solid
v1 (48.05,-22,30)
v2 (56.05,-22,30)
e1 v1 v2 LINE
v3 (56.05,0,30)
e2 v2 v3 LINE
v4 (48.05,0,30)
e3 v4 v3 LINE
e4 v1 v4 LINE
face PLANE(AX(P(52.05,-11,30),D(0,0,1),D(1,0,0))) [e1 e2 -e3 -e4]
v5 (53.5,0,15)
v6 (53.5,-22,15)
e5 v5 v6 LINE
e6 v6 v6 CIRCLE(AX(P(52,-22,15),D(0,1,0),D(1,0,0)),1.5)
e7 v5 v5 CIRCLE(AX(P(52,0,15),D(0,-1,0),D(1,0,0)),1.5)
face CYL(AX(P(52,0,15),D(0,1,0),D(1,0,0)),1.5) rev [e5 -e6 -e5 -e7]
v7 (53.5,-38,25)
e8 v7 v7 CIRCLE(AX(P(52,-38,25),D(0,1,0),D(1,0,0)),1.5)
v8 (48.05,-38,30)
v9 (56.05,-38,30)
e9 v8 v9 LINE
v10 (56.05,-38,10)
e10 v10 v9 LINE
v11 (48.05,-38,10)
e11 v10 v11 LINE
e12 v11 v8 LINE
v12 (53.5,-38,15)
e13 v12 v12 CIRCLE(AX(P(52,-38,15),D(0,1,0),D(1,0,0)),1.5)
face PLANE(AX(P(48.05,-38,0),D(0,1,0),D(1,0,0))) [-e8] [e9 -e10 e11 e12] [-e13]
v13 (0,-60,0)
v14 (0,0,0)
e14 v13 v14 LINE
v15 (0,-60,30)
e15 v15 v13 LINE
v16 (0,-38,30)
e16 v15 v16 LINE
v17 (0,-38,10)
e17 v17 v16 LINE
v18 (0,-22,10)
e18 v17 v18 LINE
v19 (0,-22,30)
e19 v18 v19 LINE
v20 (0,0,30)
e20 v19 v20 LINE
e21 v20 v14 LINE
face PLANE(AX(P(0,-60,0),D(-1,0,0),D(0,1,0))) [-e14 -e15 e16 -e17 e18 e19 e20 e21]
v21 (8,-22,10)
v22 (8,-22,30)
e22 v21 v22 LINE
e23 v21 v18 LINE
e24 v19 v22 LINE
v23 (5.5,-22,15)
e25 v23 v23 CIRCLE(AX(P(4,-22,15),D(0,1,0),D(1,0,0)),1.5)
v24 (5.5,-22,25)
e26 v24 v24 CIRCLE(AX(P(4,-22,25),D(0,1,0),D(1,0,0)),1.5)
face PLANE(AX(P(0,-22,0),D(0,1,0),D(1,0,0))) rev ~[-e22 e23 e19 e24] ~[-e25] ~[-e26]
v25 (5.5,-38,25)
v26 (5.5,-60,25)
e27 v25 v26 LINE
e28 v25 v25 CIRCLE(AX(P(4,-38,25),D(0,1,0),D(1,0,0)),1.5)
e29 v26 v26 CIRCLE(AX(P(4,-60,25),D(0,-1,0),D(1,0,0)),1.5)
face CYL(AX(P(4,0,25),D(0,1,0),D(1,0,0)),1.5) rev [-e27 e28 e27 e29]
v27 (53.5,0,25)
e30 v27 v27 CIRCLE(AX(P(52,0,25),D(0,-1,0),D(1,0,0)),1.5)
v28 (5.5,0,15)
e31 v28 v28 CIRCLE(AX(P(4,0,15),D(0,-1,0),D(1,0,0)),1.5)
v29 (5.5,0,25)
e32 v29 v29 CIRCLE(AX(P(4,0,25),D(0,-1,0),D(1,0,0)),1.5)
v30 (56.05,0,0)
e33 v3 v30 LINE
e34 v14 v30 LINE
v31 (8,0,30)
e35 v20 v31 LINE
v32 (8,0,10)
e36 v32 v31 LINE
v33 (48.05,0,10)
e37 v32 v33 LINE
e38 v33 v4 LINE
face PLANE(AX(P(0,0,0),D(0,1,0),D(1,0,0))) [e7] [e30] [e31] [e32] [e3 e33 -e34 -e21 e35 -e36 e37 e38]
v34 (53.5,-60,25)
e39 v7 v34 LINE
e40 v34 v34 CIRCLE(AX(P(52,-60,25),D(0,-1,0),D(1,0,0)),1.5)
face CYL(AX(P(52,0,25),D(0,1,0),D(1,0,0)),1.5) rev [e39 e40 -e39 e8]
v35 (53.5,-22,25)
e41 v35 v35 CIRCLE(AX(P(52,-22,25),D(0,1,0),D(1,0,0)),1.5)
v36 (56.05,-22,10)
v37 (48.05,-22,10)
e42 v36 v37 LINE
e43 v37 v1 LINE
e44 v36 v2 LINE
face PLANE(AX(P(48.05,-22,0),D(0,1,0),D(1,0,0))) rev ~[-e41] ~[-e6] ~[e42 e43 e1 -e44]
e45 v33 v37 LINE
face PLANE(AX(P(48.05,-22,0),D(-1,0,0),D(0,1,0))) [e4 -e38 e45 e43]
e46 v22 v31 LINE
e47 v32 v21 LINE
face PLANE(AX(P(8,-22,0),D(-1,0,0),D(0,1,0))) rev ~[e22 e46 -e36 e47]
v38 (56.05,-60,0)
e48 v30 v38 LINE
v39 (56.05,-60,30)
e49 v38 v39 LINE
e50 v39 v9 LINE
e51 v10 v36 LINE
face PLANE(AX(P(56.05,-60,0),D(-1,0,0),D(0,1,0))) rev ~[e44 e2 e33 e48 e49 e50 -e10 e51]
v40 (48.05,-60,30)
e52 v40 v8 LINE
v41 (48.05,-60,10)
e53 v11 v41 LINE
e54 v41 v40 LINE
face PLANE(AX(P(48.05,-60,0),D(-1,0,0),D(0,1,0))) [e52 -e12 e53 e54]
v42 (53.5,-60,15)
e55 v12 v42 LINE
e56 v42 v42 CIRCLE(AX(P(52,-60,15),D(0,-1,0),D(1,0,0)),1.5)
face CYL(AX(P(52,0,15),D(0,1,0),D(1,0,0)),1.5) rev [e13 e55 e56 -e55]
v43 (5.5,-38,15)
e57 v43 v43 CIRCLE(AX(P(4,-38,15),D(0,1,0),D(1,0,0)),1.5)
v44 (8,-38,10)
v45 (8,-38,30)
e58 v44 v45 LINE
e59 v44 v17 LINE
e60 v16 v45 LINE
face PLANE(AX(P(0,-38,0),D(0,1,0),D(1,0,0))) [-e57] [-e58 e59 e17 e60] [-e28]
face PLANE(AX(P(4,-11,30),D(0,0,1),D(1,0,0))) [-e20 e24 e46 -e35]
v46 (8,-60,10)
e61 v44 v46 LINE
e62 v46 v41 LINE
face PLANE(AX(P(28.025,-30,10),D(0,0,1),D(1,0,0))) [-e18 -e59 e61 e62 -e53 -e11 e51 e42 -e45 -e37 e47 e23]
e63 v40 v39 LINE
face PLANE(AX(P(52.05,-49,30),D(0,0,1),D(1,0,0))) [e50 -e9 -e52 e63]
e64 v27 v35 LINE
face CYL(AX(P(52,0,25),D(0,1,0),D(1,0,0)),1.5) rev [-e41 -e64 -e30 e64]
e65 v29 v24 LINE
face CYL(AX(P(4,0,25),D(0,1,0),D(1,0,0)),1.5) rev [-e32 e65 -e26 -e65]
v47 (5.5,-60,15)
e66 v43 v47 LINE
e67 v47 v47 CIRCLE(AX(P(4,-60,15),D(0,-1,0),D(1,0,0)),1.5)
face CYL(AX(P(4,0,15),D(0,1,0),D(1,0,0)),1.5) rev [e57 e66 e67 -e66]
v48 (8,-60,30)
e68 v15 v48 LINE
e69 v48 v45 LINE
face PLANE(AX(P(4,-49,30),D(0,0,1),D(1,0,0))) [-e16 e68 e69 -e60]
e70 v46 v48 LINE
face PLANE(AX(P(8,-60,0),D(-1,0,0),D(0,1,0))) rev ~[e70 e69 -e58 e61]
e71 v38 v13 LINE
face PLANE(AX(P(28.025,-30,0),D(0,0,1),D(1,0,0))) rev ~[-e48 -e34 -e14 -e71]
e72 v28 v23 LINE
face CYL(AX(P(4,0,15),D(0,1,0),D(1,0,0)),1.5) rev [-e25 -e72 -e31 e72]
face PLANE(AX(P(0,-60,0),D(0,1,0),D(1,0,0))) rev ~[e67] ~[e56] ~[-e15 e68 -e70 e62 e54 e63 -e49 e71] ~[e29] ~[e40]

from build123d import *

# Parameters (mm, degrees)
CYLINDER003_R     = 1.5
CYLINDER003_DEPTH = 60
CYLINDER002_R     = 1.5
CYLINDER002_DEPTH = 60
CYLINDER001_R     = 1.5
CYLINDER001_DEPTH = 60
CYLINDER_R        = 1.5
CYLINDER_DEPTH    = 60
SKETCH_W          = 56.05
SKETCH_H          = 60
PAD_DEPTH         = 10
SKETCH003_W       = 8
SKETCH003_H       = 22
PAD002_DEPTH      = 30
SKETCH004_W       = 8
SKETCH004_H       = 22
PAD003_DEPTH      = 30
SKETCH005_W       = 8
SKETCH005_H       = 22
PAD004_DEPTH      = 30
SKETCH006_W       = 8
SKETCH006_H       = 22
PAD005_DEPTH      = 30


with BuildPart() as cylinder003:
    # Cylinder003 → Cylinder003 (new body)
    with BuildSketch(Plane(origin=(52, 0, 15), x_dir=(1, 0, 0), z_dir=(0, -1, 0))):
        Circle(CYLINDER003_R)
    extrude(amount=CYLINDER003_DEPTH)


with BuildPart() as cylinder002:
    # Cylinder002 → Cylinder002 (new body)
    with BuildSketch(Plane(origin=(52, 0, 25), x_dir=(1, 0, 0), z_dir=(0, -1, 0))):
        Circle(CYLINDER002_R)
    extrude(amount=CYLINDER002_DEPTH)


with BuildPart() as cylinder001:
    # Cylinder001 → Cylinder001 (new body)
    with BuildSketch(Plane(origin=(4, 0, 15), x_dir=(1, 0, 0), z_dir=(0, -1, 0))):
        Circle(CYLINDER001_R)
    extrude(amount=CYLINDER001_DEPTH)


with BuildPart() as cylinder:
    # Cylinder → Cylinder (new body)
    with BuildSketch(Plane(origin=(4, 0, 25), x_dir=(1, 0, 0), z_dir=(0, -1, 0))):
        Circle(CYLINDER_R)
    extrude(amount=CYLINDER_DEPTH)


with BuildPart() as cut003:
    # Sketch → Pad (new body)
    with BuildSketch(Plane.XY):
        with Locations((28.025, -30)):
            Rectangle(SKETCH_W, SKETCH_H)
    extrude(amount=PAD_DEPTH)

    # Sketch003 → Pad002 (join)
    with BuildSketch(Plane.XY):
        with Locations((4, -11)):
            Rectangle(SKETCH003_W, SKETCH003_H)
    extrude(amount=PAD002_DEPTH)

    # Sketch004 → Pad003 (join)
    with BuildSketch(Plane.XY):
        with Locations((52.05, -11)):
            Rectangle(SKETCH004_W, SKETCH004_H)
    extrude(amount=PAD003_DEPTH)

    # Sketch005 → Pad004 (join)
    with BuildSketch(Plane.XY):
        with Locations((4, -49)):
            Rectangle(SKETCH005_W, SKETCH005_H)
    extrude(amount=PAD004_DEPTH)

    # Sketch006 → Pad005 (join)
    with BuildSketch(Plane.XY):
        with Locations((52.05, -49)):
            Rectangle(SKETCH006_W, SKETCH006_H)
    extrude(amount=PAD005_DEPTH)

    # Cut: cut Cylinder
    add(cylinder.part, mode=Mode.SUBTRACT)

    # Cut001: cut Cylinder001
    add(cylinder001.part, mode=Mode.SUBTRACT)

    # Cut002: cut Cylinder002
    add(cylinder002.part, mode=Mode.SUBTRACT)

    # Cut003: cut Cylinder003
    add(cylinder003.part, mode=Mode.SUBTRACT)


solid = cut003.part
